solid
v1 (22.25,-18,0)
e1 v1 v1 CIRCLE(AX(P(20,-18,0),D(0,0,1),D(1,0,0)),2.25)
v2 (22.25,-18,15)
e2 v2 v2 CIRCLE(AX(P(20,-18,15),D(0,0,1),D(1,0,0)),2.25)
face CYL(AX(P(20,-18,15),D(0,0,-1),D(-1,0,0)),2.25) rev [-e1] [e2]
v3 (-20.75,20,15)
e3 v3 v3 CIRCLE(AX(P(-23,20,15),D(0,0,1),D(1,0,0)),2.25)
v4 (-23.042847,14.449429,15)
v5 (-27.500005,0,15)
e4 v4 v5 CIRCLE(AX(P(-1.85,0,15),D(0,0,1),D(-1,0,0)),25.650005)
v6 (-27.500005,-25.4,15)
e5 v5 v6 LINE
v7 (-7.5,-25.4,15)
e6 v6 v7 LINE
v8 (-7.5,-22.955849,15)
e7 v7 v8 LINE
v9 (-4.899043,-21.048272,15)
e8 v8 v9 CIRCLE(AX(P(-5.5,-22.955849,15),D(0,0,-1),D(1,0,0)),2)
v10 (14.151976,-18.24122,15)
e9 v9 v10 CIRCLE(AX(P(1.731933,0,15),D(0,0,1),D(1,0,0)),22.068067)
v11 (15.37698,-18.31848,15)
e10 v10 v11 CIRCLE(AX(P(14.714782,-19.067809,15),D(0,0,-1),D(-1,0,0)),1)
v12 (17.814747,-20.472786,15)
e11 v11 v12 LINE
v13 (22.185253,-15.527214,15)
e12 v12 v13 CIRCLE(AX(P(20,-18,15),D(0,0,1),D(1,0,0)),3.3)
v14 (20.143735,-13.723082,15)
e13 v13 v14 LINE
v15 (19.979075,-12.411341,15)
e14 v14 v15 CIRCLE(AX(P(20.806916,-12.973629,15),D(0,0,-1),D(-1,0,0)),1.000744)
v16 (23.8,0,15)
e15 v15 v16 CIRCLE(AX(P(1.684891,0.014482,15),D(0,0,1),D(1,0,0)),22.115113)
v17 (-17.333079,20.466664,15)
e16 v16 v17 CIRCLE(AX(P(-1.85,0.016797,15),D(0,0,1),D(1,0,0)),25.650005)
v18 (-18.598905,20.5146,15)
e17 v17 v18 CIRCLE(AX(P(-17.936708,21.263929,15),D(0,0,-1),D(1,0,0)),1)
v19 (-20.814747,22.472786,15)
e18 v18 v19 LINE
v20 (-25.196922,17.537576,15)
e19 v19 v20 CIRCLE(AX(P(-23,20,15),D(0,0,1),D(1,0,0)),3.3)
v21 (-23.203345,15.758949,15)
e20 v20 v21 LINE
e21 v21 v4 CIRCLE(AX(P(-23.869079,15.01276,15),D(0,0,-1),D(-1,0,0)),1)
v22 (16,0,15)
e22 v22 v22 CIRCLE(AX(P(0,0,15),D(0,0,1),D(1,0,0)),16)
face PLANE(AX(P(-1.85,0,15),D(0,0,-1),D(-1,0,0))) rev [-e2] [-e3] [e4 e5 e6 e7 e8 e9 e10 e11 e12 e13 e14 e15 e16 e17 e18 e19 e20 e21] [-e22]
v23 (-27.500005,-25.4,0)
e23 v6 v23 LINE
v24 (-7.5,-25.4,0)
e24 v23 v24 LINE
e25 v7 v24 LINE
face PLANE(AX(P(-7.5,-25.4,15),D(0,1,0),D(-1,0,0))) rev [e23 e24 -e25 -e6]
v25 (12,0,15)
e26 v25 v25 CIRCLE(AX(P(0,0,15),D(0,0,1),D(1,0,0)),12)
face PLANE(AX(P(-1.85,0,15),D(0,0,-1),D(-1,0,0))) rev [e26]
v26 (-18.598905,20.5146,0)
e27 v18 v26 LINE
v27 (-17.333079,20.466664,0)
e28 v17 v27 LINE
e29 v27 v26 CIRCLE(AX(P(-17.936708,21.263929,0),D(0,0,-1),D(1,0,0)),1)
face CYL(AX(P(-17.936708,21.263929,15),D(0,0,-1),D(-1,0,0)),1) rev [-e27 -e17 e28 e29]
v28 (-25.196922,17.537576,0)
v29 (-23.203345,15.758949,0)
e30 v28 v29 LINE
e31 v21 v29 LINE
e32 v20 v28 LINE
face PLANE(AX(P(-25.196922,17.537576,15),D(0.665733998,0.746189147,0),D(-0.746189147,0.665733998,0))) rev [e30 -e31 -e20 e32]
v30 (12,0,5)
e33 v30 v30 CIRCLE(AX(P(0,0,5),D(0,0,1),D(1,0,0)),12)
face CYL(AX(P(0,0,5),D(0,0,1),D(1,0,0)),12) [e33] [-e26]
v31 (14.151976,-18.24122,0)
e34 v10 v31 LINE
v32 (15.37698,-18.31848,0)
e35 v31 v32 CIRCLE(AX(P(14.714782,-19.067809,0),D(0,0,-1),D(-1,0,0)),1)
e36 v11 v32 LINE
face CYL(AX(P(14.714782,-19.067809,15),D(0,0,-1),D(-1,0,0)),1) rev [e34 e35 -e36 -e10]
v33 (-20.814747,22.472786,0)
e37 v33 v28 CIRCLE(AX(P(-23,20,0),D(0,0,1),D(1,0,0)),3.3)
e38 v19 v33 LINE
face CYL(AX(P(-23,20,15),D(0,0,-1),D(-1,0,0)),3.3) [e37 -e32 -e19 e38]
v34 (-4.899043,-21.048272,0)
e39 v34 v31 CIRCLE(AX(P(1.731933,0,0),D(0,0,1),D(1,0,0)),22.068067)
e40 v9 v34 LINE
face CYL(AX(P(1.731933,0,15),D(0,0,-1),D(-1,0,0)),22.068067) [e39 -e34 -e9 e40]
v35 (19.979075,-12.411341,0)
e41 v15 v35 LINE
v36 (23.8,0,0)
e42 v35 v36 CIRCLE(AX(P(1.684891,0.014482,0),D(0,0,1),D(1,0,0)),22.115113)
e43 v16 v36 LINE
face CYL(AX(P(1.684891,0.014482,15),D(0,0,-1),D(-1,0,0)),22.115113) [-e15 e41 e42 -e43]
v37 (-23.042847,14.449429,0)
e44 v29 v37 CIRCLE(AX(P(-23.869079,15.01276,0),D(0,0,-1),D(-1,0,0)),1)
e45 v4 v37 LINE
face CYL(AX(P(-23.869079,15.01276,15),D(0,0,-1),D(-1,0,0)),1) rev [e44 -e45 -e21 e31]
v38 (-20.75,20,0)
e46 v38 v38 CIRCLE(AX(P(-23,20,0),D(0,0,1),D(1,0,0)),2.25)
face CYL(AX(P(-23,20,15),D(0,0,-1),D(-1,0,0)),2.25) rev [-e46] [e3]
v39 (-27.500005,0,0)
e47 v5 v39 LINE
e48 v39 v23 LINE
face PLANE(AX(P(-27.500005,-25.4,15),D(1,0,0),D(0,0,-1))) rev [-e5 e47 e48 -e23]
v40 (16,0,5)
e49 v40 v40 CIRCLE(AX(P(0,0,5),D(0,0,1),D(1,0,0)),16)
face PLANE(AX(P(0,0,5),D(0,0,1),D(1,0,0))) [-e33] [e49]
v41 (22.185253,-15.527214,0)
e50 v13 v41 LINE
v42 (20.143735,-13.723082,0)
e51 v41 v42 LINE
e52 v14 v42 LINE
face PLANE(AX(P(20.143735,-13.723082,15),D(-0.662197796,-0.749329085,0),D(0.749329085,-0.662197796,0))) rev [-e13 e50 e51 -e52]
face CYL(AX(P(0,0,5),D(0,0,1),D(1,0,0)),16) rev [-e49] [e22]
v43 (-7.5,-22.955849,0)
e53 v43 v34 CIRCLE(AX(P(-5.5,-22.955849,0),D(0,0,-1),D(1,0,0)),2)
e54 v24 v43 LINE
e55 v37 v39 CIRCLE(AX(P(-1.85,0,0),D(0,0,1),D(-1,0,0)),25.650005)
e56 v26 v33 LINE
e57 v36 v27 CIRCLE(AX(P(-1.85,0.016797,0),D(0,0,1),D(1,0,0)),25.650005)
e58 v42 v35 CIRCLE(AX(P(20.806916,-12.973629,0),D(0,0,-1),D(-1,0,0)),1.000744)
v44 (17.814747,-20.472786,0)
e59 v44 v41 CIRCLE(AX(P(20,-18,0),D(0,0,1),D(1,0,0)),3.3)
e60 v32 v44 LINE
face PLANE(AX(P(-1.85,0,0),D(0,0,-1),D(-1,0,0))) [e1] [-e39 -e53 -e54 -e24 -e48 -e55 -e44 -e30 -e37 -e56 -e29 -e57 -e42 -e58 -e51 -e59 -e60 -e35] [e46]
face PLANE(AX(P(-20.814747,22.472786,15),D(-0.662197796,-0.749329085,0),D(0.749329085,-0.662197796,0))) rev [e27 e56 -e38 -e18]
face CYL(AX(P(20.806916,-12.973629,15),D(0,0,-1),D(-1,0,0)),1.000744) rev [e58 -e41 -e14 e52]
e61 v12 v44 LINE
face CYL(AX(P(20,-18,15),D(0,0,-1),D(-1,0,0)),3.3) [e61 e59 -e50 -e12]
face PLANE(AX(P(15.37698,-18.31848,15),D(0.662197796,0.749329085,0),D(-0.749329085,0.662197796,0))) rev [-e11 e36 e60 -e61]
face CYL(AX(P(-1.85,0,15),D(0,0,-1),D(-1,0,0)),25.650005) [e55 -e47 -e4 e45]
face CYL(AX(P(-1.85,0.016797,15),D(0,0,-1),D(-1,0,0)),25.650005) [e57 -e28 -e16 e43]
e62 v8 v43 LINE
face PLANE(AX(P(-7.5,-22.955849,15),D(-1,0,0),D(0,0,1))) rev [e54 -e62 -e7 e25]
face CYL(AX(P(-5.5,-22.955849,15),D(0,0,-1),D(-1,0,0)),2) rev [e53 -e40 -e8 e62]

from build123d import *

# Parameters (mm, degrees)
SZKIC1_R                    = 2.25
DODANIE_WYCI_GNI_CIE1_DEPTH = 15
SZKIC2_R                    = 16
SZKIC2_R_2                  = 12
WYTNIJ_WYCI_GNI_CIE1_DEPTH  = 10


with BuildPart() as part:
    # Szkic1 → Dodanie-wyciągnięcie1 (new body)
    with BuildSketch(Plane.XY):
        with BuildLine():
            Line((-7.5, -25.4), (-27.5000055, -25.4))
            Line((-27.5000055, -25.4), (-27.5000055, 0))
            ThreePointArc((-27.5000055, 0), (-26.360400157, 7.560626052), (-23.04284729, 14.449429258))
            ThreePointArc((-23.04284729, 14.449429258), (-22.876506159, 15.134411684), (-23.203344978, 15.75894886))
            Line((-23.203344978, 15.75894886), (-25.196922194, 17.537575813))
            ThreePointArc((-25.196922194, 17.537575813), (-25.467611983, 22.191093586), (-20.814747272, 22.472785982))
            Line((-20.814747272, 22.472785982), (-18.598905377, 20.514600122))
            ThreePointArc((-18.598905377, 20.514600122), (-17.974550182, 20.264645495), (-17.333078903, 20.466663618))
            ThreePointArc((-17.333078903, 20.466663618), (9.576401492, 22.98111988), (23.8, 0))
            ThreePointArc((23.8, 0), (22.82107067, -6.492449946), (19.979075206, -12.411340949))
            ThreePointArc((19.979075206, -12.411340949), (19.813964518, -13.098271951), (20.143734708, -13.723081814))
            Line((20.143734708, -13.723081814), (22.185252728, -15.527214018))
            ThreePointArc((22.185252728, -15.527214018), (22.472785982, -20.185252728), (17.814747272, -20.472785982))
            Line((17.814747272, -20.472785982), (15.376980036, -18.318480053))
            ThreePointArc((15.376980036, -18.318480053), (14.777726241, -18.069792078), (14.151976117, -18.241220202))
            ThreePointArc((14.151976117, -18.241220202), (4.948796089, -21.832347138), (-4.899043329, -21.048271831))
            ThreePointArc((-4.899043329, -21.048271831), (-6.68281162, -21.343100938), (-7.5, -22.955849111))
            Line((-7.5, -22.955849111), (-7.5, -25.4))
        make_face()
        with Locations((-23, 20)):
            Circle(SZKIC1_R, mode=Mode.SUBTRACT)
        with Locations((20, -18)):
            Circle(SZKIC1_R, mode=Mode.SUBTRACT)
    extrude(amount=DODANIE_WYCI_GNI_CIE1_DEPTH)

    # Szkic2 → Wytnij-wyciągnięcie1 (cut)
    with BuildSketch(Plane.XY.offset(15)):
        Circle(SZKIC2_R)
        Circle(SZKIC2_R_2, mode=Mode.SUBTRACT)
    extrude(amount=-WYTNIJ_WYCI_GNI_CIE1_DEPTH, mode=Mode.SUBTRACT)


solid = part.part
